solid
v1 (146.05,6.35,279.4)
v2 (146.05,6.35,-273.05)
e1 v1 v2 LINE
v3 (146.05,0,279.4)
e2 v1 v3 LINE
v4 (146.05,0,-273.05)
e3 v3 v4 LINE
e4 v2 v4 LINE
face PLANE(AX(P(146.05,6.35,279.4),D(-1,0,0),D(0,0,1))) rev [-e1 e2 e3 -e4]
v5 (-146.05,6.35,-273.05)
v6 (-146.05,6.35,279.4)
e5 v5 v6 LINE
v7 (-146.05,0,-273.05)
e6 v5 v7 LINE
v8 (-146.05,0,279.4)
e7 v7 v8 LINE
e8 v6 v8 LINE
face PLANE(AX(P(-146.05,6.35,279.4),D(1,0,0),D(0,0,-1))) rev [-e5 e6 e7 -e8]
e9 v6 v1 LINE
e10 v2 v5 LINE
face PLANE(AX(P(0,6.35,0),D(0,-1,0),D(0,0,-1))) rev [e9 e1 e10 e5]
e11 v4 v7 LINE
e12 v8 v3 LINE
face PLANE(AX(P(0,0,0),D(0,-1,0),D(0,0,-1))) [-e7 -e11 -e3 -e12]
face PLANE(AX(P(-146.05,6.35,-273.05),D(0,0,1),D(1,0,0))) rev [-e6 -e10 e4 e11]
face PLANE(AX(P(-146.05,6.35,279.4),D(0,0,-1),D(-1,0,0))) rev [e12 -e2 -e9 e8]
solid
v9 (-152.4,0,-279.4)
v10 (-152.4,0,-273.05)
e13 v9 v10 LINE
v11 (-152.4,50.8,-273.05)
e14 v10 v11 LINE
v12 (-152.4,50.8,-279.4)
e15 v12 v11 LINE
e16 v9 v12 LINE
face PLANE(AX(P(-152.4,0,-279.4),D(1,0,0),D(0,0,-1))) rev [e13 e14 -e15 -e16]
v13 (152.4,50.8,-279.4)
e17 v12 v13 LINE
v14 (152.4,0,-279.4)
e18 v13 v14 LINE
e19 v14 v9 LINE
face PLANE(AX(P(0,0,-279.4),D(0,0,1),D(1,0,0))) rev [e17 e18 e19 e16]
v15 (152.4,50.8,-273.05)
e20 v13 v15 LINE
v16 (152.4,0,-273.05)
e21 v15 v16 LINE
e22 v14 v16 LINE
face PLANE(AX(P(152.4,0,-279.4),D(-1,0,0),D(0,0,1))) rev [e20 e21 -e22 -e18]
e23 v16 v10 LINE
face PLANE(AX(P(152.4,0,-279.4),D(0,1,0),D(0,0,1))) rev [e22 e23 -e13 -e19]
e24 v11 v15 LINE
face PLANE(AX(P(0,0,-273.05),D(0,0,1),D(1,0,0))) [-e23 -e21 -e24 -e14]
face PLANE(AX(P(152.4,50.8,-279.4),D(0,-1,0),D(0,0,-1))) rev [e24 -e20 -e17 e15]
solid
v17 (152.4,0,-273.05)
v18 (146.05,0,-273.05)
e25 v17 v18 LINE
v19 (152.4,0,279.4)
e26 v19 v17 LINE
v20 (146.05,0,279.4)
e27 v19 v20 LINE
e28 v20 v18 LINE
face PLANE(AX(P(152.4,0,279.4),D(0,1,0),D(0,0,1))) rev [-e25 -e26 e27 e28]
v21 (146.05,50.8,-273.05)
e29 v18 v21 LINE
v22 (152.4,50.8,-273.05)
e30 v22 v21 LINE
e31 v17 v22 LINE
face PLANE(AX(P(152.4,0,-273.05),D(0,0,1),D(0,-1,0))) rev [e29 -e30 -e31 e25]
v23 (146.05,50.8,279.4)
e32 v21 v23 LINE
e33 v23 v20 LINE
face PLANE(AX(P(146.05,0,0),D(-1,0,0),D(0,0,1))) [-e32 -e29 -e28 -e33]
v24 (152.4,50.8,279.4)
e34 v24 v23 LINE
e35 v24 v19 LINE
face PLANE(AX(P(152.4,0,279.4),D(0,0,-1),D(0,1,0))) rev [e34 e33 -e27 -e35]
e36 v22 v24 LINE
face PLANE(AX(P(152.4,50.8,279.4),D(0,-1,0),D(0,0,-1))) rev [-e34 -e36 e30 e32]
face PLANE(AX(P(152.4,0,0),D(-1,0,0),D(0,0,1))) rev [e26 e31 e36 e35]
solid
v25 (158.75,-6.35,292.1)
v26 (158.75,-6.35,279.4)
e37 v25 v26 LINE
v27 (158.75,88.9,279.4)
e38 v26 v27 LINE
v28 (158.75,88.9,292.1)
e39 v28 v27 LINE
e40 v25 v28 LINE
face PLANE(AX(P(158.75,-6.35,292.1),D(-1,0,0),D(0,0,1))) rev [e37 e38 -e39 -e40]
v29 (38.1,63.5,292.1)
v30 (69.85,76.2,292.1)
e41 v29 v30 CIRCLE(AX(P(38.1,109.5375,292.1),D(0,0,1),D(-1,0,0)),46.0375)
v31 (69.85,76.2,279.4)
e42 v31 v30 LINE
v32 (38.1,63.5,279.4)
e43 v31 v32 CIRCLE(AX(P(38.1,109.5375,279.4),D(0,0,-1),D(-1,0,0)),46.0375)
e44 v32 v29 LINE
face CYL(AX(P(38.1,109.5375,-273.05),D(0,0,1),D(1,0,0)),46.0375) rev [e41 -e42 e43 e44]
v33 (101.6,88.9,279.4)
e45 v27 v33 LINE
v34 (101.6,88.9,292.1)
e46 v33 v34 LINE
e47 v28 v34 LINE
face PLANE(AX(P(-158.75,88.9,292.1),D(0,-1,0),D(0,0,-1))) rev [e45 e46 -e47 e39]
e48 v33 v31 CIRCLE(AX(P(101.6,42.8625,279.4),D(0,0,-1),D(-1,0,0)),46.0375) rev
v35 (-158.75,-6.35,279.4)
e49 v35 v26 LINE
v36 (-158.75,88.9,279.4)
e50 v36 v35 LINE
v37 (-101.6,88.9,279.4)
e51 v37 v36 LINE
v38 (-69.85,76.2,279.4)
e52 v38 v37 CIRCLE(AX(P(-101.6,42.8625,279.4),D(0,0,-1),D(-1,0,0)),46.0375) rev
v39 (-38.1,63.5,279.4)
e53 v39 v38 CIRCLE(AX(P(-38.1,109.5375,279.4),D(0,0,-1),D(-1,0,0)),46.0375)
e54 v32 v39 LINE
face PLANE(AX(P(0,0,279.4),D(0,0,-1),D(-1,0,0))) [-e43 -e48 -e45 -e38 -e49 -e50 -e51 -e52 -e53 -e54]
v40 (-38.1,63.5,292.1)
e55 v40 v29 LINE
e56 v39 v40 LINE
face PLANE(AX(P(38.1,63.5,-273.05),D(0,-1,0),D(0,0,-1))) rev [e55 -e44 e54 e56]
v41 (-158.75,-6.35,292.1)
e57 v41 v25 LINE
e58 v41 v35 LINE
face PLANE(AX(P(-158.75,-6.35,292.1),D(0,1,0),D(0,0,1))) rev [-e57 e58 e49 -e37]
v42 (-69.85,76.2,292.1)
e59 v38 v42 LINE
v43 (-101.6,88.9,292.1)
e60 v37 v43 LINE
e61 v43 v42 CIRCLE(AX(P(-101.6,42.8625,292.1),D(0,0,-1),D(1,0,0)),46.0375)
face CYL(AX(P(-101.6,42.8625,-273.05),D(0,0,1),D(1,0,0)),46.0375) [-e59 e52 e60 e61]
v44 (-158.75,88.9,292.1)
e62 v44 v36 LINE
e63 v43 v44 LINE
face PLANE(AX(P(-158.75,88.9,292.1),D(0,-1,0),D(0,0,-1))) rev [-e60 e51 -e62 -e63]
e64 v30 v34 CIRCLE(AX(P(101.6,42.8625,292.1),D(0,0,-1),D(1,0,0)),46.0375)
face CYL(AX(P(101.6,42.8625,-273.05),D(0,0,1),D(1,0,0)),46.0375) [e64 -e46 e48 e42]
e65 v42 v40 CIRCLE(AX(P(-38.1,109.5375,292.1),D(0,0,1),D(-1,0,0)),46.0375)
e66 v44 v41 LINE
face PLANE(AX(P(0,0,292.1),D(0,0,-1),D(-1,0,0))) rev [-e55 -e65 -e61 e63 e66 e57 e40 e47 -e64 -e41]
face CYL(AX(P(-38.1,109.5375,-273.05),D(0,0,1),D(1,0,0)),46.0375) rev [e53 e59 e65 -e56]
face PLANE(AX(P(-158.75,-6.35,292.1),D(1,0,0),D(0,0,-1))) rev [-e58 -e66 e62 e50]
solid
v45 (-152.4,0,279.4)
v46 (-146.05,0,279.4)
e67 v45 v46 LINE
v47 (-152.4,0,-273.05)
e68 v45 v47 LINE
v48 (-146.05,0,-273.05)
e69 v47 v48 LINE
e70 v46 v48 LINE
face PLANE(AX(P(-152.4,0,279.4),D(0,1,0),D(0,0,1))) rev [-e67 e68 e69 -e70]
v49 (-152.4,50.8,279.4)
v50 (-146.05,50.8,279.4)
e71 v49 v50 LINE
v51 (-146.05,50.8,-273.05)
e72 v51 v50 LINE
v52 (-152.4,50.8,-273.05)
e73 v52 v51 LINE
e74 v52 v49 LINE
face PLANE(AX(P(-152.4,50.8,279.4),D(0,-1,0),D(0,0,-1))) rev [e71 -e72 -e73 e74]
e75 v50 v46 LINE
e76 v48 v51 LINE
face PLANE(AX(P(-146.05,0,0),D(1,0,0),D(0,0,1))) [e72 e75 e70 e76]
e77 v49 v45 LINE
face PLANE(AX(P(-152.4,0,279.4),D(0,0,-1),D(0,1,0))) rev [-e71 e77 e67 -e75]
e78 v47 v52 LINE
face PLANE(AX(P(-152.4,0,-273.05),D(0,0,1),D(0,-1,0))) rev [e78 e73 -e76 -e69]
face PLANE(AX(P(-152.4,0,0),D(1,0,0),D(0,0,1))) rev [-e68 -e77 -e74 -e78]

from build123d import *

# Parameters (mm, degrees)
SKETCH1_W           = 292.1
SKETCH1_H           = 552.45
BOSS_EXTRUDE1_DEPTH = 6.35
SKETCH2_W           = 317.5
SKETCH2_H           = 95.25
BOSS_EXTRUDE2_DEPTH = 12.7
CUT_EXTRUDE1_DEPTH  = 594.716510634
SKETCH4_W           = 552.45
SKETCH4_H           = 50.8
BOSS_EXTRUDE3_DEPTH = 6.35
SKETCH5_W           = 304.8
SKETCH5_H           = 50.8
BOSS_EXTRUDE4_DEPTH = 6.35


with BuildPart() as part:
    # Sketch1 → Boss-Extrude1 (new body)
    with BuildSketch(Plane(origin=(0, 0, 0), x_dir=(1, 0, 0), z_dir=(0, 1, 0))):
        with Locations((0, -3.175)):
            Rectangle(SKETCH1_W, SKETCH1_H)
    extrude(amount=BOSS_EXTRUDE1_DEPTH)


with BuildPart() as body_2:
    # Sketch2 → Boss-Extrude2 (new body)
    with BuildSketch(Plane.XY.offset(279.4)):
        with Locations((0, 41.275)):
            Rectangle(SKETCH2_W, SKETCH2_H)
    extrude(amount=BOSS_EXTRUDE2_DEPTH)

    # Sketch3 → Cut-Extrude1 (cut, through all)
    with BuildSketch(Plane.XY.offset(292.1)):
        with BuildLine():
            Line((-101.6, 101.6), (101.6, 101.6))
            Line((101.6, 101.6), (101.6, 88.9))
            ThreePointArc((101.6, 88.9), (84.502101737, 85.607245657), (69.85, 76.2))
            ThreePointArc((69.85, 76.2), (55.197898263, 66.792754343), (38.1, 63.5))
            Line((38.1, 63.5), (-38.1, 63.5))
            ThreePointArc((-38.1, 63.5), (-55.197898263, 66.792754343), (-69.85, 76.2))
            ThreePointArc((-69.85, 76.2), (-84.502101737, 85.607245657), (-101.6, 88.9))
            Line((-101.6, 88.9), (-101.6, 101.6))
        make_face()
    extrude(amount=-CUT_EXTRUDE1_DEPTH, mode=Mode.SUBTRACT)


with BuildPart() as body_3:
    # Sketch4 → Boss-Extrude3 (new body)
    with BuildSketch(Plane(origin=(146.05, 0, 0), x_dir=(0, 0, -1), z_dir=(1, 0, 0))):
        with Locations((-3.175, 25.4)):
            Rectangle(SKETCH4_W, SKETCH4_H)
    extrude(amount=BOSS_EXTRUDE3_DEPTH)


with BuildPart() as body_4:
    # Mirror2: mirrored copy
    add(body_3.part.mirror(Plane(origin=(0, 0, 0), x_dir=(0, 0, 1), z_dir=(1, 0, 0))))


with BuildPart() as body_5:
    # Sketch5 → Boss-Extrude4 (new body)
    with BuildSketch(Plane(origin=(0, 0, -273.05), x_dir=(-1, 0, 0), z_dir=(0, 0, -1))):
        with Locations((0, 25.4)):
            Rectangle(SKETCH5_W, SKETCH5_H)
    extrude(amount=BOSS_EXTRUDE4_DEPTH)


solid = Compound([part.part, body_2.part, body_3.part, body_4.part, body_5.part])
